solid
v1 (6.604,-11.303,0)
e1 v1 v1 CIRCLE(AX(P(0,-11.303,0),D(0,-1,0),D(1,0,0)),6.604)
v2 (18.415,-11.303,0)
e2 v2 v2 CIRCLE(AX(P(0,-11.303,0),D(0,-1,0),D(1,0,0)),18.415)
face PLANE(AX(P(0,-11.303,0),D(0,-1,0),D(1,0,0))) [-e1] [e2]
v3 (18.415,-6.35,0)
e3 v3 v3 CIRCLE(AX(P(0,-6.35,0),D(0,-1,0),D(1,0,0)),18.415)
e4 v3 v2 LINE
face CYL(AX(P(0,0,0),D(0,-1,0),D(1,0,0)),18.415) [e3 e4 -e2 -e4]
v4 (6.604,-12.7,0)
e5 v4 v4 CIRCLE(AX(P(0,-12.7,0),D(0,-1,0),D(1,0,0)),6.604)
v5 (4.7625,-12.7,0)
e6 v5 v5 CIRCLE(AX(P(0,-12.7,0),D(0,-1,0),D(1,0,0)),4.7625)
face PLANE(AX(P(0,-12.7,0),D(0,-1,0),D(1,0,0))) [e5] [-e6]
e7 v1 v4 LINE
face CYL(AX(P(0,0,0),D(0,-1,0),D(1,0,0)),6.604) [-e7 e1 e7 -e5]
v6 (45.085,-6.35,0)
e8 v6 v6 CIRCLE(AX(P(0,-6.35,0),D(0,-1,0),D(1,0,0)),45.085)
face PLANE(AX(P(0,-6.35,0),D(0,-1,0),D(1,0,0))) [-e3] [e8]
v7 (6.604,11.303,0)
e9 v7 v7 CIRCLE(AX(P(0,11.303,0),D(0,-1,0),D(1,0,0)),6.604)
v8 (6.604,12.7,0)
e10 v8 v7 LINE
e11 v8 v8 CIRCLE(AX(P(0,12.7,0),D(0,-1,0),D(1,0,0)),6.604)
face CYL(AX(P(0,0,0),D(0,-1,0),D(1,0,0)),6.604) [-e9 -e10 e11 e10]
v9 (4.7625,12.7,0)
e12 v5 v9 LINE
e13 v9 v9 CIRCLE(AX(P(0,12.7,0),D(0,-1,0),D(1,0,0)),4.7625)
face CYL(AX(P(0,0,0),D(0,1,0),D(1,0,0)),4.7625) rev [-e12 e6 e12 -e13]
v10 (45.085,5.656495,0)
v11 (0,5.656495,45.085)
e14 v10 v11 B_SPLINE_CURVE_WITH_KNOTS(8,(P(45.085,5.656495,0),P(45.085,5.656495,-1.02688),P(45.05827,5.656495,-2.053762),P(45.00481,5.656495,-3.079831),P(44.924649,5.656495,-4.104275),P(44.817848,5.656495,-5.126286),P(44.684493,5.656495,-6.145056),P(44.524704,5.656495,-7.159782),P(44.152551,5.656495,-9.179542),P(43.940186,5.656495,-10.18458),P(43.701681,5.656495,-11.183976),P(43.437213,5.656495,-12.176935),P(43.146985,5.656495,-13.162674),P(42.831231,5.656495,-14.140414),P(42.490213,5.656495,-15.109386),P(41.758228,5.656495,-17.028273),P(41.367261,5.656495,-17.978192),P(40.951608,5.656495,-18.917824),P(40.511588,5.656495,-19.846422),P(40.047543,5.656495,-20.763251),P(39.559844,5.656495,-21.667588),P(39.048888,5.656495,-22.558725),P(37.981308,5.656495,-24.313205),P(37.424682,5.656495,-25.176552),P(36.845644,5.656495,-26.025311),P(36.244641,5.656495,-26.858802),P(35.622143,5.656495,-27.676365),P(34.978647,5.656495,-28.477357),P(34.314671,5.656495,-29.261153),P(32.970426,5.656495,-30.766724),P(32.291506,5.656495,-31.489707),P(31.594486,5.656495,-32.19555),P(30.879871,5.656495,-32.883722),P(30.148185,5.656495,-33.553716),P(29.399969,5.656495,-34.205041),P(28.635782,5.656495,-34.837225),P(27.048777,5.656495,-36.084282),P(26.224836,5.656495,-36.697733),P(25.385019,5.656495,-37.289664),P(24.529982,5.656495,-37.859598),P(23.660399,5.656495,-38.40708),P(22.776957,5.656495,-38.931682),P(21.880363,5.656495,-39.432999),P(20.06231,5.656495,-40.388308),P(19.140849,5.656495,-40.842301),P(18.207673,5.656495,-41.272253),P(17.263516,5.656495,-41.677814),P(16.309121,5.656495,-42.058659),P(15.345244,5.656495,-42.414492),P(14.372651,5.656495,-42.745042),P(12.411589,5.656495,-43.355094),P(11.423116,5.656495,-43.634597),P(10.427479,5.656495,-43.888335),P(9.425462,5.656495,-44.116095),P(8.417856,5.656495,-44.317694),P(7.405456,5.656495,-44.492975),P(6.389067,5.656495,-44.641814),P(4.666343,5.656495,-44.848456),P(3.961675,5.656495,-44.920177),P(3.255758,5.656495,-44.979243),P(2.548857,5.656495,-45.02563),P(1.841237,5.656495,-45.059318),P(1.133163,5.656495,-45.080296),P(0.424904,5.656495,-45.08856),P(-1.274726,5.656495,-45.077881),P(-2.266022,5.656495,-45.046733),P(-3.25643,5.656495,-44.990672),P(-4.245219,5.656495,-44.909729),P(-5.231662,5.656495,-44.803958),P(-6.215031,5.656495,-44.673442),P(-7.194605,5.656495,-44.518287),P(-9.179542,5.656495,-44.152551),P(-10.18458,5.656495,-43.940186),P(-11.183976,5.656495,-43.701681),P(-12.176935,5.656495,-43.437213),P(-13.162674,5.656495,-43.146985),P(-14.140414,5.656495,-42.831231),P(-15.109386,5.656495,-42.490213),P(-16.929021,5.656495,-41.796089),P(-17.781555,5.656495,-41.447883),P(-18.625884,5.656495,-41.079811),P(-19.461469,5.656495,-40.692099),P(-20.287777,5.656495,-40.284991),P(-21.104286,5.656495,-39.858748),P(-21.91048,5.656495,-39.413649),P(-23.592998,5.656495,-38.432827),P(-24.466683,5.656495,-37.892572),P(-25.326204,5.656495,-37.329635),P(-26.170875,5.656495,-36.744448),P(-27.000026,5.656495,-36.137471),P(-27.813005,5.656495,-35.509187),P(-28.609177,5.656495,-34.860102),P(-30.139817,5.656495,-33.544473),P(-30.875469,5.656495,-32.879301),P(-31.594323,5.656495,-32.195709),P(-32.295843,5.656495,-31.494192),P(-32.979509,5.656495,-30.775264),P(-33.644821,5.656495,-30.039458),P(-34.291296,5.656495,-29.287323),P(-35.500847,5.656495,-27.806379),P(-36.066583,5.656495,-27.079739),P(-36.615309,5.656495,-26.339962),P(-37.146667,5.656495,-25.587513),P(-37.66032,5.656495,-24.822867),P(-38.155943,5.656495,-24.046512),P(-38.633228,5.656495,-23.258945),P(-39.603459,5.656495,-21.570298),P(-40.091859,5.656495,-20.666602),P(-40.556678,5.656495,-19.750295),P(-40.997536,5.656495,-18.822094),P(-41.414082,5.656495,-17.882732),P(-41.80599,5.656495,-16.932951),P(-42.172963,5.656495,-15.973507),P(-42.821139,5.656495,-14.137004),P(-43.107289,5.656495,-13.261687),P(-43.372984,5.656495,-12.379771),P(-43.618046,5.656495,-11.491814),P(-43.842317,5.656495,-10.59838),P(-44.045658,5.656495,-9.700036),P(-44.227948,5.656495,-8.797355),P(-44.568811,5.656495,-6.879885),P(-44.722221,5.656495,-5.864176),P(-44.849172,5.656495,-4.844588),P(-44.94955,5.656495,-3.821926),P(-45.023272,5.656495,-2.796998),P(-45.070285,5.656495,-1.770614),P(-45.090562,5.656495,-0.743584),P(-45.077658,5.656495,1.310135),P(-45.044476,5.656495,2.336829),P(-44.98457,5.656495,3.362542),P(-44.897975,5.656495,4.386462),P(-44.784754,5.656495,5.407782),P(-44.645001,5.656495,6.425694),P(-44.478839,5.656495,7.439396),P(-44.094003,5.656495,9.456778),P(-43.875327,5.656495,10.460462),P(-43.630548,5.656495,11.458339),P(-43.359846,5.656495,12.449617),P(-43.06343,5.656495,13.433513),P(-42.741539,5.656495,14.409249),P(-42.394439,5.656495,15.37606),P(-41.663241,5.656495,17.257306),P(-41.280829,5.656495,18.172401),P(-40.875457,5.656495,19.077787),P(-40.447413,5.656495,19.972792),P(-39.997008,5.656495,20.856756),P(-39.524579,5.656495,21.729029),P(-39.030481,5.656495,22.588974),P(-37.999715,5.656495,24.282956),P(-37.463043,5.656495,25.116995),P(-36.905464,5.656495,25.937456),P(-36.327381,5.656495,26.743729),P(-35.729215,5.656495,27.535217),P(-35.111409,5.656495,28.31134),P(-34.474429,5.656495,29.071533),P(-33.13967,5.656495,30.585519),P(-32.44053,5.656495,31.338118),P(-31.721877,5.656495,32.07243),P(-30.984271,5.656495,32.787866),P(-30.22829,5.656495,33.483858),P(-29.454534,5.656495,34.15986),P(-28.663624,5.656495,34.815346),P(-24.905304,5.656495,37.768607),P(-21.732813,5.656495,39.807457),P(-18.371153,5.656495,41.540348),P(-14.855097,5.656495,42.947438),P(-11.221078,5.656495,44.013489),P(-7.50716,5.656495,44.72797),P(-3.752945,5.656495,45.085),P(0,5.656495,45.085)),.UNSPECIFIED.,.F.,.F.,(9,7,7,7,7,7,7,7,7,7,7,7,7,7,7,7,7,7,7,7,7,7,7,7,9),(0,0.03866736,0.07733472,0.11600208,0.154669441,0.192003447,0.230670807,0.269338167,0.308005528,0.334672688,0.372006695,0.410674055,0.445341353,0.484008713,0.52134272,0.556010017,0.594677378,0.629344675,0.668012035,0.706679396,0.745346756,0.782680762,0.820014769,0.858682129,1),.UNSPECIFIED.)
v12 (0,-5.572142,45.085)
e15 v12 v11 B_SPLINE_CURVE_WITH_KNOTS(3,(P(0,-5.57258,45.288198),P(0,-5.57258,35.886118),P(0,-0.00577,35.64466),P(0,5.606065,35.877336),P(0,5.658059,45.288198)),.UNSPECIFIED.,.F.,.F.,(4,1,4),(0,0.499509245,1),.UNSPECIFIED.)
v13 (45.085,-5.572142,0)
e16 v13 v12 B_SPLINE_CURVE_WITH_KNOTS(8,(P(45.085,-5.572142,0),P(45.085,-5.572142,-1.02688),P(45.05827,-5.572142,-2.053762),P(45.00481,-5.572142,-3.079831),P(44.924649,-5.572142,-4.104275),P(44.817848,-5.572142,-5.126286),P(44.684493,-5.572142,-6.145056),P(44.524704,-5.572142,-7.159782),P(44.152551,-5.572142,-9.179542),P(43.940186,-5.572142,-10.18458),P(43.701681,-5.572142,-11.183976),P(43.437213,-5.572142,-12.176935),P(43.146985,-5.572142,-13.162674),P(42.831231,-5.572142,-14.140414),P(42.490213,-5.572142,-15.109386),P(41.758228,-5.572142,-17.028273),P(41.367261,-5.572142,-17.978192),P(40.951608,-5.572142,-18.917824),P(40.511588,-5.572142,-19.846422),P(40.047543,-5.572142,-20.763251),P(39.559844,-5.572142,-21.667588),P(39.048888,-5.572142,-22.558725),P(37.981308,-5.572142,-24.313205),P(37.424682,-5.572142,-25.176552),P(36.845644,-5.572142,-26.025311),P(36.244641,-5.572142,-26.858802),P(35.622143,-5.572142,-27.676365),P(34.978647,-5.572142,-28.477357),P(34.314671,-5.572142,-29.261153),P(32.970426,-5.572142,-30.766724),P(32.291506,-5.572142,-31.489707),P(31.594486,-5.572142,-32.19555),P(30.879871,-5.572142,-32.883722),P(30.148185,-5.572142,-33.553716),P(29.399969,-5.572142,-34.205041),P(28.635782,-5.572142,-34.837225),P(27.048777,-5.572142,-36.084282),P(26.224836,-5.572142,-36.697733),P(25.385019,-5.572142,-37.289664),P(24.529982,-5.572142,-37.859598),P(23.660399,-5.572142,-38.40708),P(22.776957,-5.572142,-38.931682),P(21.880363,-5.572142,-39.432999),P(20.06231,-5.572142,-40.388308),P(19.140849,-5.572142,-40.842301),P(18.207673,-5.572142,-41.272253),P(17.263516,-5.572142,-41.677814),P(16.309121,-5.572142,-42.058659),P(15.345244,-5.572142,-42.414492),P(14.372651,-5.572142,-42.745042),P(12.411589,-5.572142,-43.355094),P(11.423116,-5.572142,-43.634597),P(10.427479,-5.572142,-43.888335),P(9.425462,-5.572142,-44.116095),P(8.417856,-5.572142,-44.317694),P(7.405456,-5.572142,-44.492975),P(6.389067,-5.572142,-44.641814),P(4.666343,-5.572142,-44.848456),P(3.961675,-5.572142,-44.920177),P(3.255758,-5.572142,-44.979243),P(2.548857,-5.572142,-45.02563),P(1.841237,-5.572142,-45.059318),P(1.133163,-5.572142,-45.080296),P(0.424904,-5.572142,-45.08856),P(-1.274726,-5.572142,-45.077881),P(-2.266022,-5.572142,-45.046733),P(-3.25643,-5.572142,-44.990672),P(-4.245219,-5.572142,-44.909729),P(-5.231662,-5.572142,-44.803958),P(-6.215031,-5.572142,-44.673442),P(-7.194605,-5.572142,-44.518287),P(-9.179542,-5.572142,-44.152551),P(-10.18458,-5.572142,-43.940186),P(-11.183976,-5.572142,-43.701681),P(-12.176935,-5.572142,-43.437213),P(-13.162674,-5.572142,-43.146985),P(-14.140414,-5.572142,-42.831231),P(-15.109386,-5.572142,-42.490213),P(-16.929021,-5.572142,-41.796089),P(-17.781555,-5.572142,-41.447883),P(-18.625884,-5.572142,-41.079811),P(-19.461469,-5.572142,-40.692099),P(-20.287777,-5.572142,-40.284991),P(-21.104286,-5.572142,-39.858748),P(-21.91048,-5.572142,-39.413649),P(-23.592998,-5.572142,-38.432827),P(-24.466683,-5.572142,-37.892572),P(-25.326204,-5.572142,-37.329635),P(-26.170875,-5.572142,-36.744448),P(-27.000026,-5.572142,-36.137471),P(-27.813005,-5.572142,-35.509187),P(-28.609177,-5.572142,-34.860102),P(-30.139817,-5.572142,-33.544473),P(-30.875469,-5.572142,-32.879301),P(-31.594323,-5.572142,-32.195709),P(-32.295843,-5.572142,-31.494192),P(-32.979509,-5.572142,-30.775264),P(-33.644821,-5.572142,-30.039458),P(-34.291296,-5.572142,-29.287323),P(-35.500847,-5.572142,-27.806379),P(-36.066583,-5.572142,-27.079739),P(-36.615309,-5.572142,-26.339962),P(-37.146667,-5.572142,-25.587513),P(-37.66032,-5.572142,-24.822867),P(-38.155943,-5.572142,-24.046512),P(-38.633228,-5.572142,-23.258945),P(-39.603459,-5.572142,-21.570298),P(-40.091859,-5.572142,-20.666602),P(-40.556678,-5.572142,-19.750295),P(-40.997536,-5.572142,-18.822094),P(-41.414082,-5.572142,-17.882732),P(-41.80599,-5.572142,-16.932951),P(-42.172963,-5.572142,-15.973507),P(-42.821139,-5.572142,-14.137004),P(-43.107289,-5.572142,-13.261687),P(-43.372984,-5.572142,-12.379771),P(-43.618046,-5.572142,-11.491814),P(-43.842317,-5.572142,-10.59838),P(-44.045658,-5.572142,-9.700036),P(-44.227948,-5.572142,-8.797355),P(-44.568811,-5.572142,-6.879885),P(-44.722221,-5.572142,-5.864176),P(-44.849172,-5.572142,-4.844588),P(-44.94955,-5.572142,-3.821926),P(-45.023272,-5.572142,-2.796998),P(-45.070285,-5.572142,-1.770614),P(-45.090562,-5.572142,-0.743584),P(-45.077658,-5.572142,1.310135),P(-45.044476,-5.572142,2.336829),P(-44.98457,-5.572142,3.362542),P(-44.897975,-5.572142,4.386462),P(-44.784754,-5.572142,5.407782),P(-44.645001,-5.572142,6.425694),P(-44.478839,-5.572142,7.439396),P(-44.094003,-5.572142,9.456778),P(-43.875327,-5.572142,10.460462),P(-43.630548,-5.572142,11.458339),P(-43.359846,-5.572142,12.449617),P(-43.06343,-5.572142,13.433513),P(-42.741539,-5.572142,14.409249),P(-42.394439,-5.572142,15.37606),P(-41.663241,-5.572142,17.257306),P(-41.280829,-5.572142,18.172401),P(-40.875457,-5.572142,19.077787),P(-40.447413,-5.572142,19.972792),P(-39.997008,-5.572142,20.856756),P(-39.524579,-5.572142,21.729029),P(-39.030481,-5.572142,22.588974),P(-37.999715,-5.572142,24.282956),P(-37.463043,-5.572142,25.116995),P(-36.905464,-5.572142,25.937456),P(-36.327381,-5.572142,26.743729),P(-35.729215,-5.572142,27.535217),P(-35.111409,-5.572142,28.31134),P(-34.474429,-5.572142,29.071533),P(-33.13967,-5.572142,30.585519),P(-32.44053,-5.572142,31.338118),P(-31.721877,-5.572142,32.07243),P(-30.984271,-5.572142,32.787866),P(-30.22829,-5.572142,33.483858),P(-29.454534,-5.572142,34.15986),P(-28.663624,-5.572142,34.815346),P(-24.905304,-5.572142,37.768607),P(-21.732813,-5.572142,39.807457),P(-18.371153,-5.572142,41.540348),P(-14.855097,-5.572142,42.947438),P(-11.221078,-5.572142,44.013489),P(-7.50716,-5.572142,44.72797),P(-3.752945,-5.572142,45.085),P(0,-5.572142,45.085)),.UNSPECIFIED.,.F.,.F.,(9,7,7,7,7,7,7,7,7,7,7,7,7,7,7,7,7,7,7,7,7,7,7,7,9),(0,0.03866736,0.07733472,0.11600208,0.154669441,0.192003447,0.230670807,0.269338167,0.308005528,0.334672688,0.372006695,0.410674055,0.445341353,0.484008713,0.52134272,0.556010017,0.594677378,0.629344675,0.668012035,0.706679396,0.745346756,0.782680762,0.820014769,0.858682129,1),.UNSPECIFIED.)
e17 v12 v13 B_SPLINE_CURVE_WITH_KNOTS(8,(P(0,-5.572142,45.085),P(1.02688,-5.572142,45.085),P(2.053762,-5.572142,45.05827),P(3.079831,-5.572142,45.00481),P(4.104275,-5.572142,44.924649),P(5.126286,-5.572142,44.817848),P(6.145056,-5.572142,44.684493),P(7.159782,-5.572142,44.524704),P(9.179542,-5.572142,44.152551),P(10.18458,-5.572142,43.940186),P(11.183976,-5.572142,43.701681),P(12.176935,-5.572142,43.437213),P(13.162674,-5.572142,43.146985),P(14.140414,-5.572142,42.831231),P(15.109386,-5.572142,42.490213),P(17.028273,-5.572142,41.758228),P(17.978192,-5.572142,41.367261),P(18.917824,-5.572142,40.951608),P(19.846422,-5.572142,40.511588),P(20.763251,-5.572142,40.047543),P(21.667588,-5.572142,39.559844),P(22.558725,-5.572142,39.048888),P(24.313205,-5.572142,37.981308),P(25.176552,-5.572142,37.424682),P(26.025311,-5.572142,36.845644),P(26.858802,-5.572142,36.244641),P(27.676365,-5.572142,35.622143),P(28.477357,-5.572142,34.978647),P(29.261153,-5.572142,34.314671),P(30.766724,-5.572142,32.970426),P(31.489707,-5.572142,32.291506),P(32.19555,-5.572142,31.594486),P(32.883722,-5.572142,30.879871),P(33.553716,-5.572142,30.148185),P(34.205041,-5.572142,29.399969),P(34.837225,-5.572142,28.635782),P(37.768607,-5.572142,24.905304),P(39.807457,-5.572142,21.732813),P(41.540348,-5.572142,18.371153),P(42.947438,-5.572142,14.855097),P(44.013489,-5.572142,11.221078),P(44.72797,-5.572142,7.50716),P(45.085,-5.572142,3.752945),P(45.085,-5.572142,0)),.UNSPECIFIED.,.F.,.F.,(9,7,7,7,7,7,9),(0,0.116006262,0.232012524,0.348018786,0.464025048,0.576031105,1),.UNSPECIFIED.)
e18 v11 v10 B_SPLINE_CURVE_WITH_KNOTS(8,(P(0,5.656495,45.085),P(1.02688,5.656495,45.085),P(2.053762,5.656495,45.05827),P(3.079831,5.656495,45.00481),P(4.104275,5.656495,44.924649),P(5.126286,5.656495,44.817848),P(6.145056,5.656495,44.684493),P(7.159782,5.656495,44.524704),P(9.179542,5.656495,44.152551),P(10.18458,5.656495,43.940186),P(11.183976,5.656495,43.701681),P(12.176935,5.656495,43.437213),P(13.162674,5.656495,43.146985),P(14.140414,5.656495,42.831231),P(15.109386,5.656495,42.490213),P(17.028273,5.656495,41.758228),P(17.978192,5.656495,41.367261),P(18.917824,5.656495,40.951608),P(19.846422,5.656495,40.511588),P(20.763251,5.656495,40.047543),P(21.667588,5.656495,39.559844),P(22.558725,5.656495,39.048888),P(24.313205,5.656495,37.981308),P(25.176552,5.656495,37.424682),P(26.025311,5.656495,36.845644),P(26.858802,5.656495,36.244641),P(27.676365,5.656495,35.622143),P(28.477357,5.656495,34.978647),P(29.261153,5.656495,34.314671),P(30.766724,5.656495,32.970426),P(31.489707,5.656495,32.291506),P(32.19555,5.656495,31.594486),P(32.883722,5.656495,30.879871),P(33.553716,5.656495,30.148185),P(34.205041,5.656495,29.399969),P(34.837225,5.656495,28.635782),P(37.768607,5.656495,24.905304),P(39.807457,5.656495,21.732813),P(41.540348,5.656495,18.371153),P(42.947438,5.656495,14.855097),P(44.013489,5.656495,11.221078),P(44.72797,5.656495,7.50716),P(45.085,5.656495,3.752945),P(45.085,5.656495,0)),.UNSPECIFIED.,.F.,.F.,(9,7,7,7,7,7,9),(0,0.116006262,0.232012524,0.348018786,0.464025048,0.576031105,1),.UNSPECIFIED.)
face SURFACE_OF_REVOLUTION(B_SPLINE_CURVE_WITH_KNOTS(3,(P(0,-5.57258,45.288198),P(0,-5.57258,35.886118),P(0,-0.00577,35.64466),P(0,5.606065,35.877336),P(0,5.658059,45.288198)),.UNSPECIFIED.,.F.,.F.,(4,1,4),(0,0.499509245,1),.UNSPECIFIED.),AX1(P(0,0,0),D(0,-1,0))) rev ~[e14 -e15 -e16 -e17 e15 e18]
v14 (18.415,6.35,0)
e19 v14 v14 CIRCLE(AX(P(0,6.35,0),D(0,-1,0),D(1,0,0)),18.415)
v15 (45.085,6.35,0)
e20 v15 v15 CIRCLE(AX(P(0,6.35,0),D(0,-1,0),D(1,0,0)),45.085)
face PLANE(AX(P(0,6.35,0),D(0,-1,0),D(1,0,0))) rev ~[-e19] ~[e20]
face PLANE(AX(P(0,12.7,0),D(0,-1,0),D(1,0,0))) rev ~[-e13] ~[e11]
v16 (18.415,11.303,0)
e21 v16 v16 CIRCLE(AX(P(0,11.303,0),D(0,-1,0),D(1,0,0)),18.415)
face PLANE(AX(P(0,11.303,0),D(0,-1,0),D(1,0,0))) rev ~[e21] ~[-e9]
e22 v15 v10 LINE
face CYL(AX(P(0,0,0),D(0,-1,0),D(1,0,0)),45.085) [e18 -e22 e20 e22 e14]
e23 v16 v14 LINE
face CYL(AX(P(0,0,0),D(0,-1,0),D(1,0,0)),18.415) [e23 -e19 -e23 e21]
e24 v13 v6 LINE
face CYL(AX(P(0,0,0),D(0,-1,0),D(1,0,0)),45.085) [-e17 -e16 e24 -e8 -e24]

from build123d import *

# Parameters (mm, degrees)
F0_R     = 45.085
F0_R_2   = 18.415
F1_DEPTH = 6.35
F0_R_3   = 6.604
F2_DEPTH = 11.303
F0_R_4   = 4.7625
F3_DEPTH = 12.7


with BuildPart() as f1:
    # F0 (on Front) → F1 (new body, symmetric)
    with BuildSketch(Plane.XZ):
        Circle(F0_R)
        Circle(F0_R_2, mode=Mode.SUBTRACT)
    extrude(amount=F1_DEPTH, both=True)

    # F0 (on Front) → F2 (join, symmetric)
    with BuildSketch(Plane.XZ):
        Circle(F0_R_2)
        Circle(F0_R_3, mode=Mode.SUBTRACT)
    extrude(amount=F2_DEPTH, both=True)

    # F0 (on Front) → F3 (join, symmetric)
    with BuildSketch(Plane.XZ):
        Circle(F0_R_3)
        Circle(F0_R_4, mode=Mode.SUBTRACT)
    extrude(amount=F3_DEPTH, both=True)

    # F4 (on Right) → F5 (revolve, cut)
    with BuildSketch(Plane.YZ):
        with BuildLine():
            Line((5.6580589153, 45.2881976962), (-5.5725798011, 45.2881976962))
            add(Edge.make_bspline(
                [(-5.5725798011, 45.2881976962), (-5.5725798011, 35.8861179518), (-0.0057704546, 35.6446596601), (5.6060645729, 35.8773358166), (5.6580589153, 45.2881976962)],
                knots=[0, 0, 0, 0, 0.4995092449, 1, 1, 1, 1], degree=3))
        make_face()
    revolve(axis=Axis((0, 0, 0), (0, -1, 0)), mode=Mode.SUBTRACT)


solid = f1.part
